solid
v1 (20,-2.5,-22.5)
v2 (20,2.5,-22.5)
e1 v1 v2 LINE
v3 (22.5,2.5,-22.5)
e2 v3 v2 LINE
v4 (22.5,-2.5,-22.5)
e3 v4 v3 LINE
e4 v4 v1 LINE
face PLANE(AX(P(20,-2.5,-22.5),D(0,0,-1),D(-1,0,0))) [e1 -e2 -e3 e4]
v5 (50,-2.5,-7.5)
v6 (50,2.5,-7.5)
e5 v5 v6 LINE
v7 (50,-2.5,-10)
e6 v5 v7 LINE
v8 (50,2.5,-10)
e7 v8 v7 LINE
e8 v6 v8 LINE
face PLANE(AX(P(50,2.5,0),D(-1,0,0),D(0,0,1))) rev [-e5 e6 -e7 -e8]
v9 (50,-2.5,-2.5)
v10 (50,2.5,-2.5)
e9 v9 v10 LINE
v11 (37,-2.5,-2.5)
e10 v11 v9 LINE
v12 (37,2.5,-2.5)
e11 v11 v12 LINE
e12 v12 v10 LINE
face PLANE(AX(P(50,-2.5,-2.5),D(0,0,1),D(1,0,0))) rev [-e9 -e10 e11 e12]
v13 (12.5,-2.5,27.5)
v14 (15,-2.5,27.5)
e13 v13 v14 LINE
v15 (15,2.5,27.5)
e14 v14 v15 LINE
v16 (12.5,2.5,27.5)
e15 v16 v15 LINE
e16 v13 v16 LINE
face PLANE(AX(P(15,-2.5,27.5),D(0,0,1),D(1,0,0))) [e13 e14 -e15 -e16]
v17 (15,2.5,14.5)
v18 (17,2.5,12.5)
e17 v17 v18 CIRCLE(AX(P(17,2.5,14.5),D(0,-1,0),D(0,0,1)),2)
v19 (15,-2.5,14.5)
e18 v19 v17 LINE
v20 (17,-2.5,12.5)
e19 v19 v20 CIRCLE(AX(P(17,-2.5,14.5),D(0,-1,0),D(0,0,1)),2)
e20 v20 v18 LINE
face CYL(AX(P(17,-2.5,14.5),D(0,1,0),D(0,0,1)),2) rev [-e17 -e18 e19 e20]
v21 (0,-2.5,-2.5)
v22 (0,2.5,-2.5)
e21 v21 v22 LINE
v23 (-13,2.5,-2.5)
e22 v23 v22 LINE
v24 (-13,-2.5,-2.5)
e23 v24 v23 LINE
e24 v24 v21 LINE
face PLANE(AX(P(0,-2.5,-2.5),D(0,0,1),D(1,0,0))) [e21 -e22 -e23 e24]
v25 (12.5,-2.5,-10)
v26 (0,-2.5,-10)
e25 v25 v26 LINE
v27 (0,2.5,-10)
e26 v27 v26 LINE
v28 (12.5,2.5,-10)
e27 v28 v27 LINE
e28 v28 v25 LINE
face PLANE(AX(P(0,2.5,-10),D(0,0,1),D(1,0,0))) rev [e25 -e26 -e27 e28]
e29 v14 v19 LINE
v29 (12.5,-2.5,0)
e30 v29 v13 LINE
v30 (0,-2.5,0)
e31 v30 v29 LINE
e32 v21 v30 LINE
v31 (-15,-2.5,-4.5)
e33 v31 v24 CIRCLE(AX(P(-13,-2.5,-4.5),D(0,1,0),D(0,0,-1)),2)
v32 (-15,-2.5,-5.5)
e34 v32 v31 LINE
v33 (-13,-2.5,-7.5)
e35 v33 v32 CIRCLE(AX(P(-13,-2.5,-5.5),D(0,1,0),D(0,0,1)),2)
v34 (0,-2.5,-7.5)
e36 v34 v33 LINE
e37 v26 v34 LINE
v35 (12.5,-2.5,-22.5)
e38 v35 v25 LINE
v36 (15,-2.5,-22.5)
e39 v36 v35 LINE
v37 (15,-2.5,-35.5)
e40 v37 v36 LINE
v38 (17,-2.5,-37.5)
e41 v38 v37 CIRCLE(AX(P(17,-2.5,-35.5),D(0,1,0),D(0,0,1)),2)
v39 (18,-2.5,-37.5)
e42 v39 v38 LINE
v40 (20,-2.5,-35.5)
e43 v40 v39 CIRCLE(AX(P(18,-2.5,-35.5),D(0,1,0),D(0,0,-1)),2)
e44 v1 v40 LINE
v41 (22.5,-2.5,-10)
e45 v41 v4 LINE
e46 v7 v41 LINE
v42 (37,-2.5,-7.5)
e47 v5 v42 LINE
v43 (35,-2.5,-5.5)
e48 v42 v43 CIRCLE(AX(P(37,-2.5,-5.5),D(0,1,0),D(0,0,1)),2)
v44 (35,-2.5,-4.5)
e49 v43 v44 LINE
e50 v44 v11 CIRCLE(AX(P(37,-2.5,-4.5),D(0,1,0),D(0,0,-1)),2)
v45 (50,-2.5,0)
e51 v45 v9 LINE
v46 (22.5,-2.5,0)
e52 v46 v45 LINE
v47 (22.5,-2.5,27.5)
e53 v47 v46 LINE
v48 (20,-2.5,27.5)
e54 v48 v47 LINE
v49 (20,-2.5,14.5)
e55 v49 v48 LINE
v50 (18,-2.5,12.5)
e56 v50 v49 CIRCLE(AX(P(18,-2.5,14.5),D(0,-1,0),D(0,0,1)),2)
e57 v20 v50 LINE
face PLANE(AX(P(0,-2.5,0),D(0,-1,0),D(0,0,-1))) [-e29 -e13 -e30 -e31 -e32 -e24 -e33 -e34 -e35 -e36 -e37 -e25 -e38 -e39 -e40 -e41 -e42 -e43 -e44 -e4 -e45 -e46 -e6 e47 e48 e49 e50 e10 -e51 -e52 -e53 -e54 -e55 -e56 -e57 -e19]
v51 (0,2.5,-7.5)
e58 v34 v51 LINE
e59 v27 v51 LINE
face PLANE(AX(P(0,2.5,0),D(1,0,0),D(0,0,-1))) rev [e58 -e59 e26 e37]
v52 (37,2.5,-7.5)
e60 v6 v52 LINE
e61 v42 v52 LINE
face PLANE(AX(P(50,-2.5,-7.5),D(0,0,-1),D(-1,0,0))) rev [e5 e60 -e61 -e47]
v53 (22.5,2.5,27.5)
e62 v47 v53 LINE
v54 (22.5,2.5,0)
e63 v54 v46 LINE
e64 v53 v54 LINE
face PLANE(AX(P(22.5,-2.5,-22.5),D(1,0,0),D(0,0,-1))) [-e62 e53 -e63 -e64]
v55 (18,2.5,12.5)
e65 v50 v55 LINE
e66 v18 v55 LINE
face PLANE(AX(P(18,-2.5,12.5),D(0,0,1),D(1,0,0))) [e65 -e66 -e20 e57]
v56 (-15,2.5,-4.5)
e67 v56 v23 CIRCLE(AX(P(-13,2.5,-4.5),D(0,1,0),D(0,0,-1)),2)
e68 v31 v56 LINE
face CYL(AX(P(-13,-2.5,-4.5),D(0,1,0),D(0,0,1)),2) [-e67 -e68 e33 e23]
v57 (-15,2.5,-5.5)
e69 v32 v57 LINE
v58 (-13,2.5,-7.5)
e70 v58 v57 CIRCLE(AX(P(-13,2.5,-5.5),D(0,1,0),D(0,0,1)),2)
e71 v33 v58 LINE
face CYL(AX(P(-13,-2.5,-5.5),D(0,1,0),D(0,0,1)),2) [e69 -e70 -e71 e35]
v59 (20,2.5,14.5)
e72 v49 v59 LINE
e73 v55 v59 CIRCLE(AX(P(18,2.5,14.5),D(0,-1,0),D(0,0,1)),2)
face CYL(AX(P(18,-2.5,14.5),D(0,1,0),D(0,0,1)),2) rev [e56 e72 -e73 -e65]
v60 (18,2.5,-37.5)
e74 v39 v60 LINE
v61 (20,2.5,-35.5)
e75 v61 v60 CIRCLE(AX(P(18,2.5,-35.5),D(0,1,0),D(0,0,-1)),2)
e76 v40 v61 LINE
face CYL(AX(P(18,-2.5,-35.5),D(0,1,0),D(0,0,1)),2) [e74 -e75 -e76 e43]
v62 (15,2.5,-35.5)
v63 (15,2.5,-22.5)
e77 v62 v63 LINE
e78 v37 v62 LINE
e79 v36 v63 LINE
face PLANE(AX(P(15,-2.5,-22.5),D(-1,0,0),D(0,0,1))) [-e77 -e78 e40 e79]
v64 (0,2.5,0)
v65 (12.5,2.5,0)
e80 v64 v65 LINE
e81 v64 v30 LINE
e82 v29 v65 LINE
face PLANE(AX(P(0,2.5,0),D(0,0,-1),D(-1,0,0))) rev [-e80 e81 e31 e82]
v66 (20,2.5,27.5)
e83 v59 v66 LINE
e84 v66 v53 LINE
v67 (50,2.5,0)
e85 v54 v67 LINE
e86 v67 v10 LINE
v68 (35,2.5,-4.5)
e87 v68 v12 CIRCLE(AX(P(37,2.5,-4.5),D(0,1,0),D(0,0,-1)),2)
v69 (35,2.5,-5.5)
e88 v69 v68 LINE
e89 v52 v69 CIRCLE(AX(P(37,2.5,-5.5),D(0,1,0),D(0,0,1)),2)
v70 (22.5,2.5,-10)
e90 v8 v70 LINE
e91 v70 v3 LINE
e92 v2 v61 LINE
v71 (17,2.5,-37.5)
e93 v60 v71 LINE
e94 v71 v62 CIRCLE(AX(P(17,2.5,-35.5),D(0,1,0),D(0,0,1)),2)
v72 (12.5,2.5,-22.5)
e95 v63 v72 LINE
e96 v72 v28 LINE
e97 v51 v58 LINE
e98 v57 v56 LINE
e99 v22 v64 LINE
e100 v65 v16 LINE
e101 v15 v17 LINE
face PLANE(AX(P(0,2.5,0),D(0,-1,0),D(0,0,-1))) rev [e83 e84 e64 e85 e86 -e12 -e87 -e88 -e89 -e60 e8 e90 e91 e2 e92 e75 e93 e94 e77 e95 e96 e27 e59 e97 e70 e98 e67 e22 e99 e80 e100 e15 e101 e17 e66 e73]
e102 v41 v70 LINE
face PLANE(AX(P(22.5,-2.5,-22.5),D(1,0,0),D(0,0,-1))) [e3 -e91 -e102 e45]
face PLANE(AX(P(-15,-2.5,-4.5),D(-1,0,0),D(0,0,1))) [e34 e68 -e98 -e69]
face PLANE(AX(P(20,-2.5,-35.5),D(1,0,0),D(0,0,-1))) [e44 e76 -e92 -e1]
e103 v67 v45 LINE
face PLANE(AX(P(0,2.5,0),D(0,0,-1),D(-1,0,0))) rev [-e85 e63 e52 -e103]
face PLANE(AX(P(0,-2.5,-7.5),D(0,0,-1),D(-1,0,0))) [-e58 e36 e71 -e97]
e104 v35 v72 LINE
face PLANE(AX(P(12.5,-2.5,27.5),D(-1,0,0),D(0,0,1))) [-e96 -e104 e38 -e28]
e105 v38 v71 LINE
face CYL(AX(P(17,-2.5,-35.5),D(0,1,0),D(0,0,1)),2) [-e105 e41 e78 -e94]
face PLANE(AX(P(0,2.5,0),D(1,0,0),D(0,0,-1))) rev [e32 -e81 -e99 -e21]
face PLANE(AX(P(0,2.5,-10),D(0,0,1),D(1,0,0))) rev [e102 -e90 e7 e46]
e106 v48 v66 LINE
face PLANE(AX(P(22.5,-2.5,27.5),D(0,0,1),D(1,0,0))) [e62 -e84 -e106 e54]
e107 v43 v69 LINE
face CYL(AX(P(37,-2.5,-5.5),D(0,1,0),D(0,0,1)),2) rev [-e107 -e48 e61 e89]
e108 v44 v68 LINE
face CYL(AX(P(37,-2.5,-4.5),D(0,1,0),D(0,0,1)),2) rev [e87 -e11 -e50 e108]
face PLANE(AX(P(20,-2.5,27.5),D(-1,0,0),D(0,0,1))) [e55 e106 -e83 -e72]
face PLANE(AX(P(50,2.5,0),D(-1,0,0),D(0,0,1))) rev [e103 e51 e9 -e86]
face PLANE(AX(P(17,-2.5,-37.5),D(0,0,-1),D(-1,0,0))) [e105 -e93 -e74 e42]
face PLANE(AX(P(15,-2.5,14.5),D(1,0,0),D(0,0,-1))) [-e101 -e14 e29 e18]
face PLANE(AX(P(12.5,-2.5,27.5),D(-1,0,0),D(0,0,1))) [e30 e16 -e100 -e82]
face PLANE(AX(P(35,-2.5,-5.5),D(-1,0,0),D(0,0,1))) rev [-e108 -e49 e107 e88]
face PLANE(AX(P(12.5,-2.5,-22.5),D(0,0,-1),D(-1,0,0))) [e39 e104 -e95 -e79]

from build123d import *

# Parameters (mm, degrees)
CROQUIS1_W              = 50
CROQUIS1_H              = 10
SALIENTE_EXTRUIR1_DEPTH = 2.5
CORTAR_EXTRUIR1_DEPTH   = 52.23475383
SALIENTE_EXTRUIR2_DEPTH = 5
SALIENTE_EXTRUIR3_DEPTH = 5


with BuildPart() as part:
    # Croquis1 → Saliente-Extruir1 (new, symmetric)
    with BuildSketch(Plane(origin=(0, 0, 0), x_dir=(1, 0, 0), z_dir=(0, 1, 0))):
        with Locations((25, 5)):
            Rectangle(CROQUIS1_W, CROQUIS1_H)
    extrude(amount=SALIENTE_EXTRUIR1_DEPTH, both=True)

    # Croquis2 → Cortar-Extruir1 (cut, through all)
    with BuildSketch(Plane(origin=(0, 2.5, 0), x_dir=(1, 0, 0), z_dir=(0, 1, 0))):
        with BuildLine():
            Line((50, 7.5), (37, 7.5))
            ThreePointArc((37, 7.5), (35.585786438, 6.914213562), (35, 5.5))
            Line((35, 5.5), (35, 4.5))
            ThreePointArc((35, 4.5), (35.585786438, 3.085786438), (37, 2.5))
            Line((37, 2.5), (50, 2.5))
            Line((50, 2.5), (50, 7.5))
        make_face()
    extrude(amount=-CORTAR_EXTRUIR1_DEPTH, mode=Mode.SUBTRACT)

    # Croquis3 → Saliente-Extruir2 (add)
    with BuildSketch(Plane(origin=(0, 2.5, 0), x_dir=(1, 0, 0), z_dir=(0, 1, 0))):
        with BuildLine():
            Line((0, 2.5), (-13, 2.5))
            ThreePointArc((-13, 2.5), (-14.414213562, 3.085786438), (-15, 4.5))
            Line((-15, 4.5), (-15, 5.5))
            ThreePointArc((-15, 5.5), (-14.414213562, 6.914213562), (-13, 7.5))
            Line((-13, 7.5), (0, 7.5))
            Line((0, 7.5), (0, 2.5))
        make_face()
    extrude(amount=-SALIENTE_EXTRUIR2_DEPTH)

    # Croquis4 → Saliente-Extruir3 (add)
    with BuildSketch(Plane(origin=(0, 2.5, 0), x_dir=(1, 0, 0), z_dir=(0, 1, 0))):
        with BuildLine():
            Line((17, 37.5), (18, 37.5))
            ThreePointArc((18, 37.5), (19.414213562, 36.914213562), (20, 35.5))
            Line((20, 35.5), (20, 22.5))
            Line((20, 22.5), (22.5, 22.5))
            Line((22.5, 22.5), (22.5, -27.5))
            Line((22.5, -27.5), (20, -27.5))
            Line((20, -27.5), (20, -14.5))
            ThreePointArc((20, -14.5), (19.414213562, -13.085786438), (18, -12.5))
            Line((18, -12.5), (17, -12.5))
            ThreePointArc((17, -12.5), (15.585786438, -13.085786438), (15, -14.5))
            Line((15, -14.5), (15, -27.5))
            Line((15, -27.5), (12.5, -27.5))
            Line((12.5, -27.5), (12.5, 22.5))
            Line((12.5, 22.5), (15, 22.5))
            Line((15, 22.5), (15, 35.5))
            ThreePointArc((15, 35.5), (15.585786438, 36.914213562), (17, 37.5))
        make_face()
    extrude(amount=-SALIENTE_EXTRUIR3_DEPTH)


solid = part.part
